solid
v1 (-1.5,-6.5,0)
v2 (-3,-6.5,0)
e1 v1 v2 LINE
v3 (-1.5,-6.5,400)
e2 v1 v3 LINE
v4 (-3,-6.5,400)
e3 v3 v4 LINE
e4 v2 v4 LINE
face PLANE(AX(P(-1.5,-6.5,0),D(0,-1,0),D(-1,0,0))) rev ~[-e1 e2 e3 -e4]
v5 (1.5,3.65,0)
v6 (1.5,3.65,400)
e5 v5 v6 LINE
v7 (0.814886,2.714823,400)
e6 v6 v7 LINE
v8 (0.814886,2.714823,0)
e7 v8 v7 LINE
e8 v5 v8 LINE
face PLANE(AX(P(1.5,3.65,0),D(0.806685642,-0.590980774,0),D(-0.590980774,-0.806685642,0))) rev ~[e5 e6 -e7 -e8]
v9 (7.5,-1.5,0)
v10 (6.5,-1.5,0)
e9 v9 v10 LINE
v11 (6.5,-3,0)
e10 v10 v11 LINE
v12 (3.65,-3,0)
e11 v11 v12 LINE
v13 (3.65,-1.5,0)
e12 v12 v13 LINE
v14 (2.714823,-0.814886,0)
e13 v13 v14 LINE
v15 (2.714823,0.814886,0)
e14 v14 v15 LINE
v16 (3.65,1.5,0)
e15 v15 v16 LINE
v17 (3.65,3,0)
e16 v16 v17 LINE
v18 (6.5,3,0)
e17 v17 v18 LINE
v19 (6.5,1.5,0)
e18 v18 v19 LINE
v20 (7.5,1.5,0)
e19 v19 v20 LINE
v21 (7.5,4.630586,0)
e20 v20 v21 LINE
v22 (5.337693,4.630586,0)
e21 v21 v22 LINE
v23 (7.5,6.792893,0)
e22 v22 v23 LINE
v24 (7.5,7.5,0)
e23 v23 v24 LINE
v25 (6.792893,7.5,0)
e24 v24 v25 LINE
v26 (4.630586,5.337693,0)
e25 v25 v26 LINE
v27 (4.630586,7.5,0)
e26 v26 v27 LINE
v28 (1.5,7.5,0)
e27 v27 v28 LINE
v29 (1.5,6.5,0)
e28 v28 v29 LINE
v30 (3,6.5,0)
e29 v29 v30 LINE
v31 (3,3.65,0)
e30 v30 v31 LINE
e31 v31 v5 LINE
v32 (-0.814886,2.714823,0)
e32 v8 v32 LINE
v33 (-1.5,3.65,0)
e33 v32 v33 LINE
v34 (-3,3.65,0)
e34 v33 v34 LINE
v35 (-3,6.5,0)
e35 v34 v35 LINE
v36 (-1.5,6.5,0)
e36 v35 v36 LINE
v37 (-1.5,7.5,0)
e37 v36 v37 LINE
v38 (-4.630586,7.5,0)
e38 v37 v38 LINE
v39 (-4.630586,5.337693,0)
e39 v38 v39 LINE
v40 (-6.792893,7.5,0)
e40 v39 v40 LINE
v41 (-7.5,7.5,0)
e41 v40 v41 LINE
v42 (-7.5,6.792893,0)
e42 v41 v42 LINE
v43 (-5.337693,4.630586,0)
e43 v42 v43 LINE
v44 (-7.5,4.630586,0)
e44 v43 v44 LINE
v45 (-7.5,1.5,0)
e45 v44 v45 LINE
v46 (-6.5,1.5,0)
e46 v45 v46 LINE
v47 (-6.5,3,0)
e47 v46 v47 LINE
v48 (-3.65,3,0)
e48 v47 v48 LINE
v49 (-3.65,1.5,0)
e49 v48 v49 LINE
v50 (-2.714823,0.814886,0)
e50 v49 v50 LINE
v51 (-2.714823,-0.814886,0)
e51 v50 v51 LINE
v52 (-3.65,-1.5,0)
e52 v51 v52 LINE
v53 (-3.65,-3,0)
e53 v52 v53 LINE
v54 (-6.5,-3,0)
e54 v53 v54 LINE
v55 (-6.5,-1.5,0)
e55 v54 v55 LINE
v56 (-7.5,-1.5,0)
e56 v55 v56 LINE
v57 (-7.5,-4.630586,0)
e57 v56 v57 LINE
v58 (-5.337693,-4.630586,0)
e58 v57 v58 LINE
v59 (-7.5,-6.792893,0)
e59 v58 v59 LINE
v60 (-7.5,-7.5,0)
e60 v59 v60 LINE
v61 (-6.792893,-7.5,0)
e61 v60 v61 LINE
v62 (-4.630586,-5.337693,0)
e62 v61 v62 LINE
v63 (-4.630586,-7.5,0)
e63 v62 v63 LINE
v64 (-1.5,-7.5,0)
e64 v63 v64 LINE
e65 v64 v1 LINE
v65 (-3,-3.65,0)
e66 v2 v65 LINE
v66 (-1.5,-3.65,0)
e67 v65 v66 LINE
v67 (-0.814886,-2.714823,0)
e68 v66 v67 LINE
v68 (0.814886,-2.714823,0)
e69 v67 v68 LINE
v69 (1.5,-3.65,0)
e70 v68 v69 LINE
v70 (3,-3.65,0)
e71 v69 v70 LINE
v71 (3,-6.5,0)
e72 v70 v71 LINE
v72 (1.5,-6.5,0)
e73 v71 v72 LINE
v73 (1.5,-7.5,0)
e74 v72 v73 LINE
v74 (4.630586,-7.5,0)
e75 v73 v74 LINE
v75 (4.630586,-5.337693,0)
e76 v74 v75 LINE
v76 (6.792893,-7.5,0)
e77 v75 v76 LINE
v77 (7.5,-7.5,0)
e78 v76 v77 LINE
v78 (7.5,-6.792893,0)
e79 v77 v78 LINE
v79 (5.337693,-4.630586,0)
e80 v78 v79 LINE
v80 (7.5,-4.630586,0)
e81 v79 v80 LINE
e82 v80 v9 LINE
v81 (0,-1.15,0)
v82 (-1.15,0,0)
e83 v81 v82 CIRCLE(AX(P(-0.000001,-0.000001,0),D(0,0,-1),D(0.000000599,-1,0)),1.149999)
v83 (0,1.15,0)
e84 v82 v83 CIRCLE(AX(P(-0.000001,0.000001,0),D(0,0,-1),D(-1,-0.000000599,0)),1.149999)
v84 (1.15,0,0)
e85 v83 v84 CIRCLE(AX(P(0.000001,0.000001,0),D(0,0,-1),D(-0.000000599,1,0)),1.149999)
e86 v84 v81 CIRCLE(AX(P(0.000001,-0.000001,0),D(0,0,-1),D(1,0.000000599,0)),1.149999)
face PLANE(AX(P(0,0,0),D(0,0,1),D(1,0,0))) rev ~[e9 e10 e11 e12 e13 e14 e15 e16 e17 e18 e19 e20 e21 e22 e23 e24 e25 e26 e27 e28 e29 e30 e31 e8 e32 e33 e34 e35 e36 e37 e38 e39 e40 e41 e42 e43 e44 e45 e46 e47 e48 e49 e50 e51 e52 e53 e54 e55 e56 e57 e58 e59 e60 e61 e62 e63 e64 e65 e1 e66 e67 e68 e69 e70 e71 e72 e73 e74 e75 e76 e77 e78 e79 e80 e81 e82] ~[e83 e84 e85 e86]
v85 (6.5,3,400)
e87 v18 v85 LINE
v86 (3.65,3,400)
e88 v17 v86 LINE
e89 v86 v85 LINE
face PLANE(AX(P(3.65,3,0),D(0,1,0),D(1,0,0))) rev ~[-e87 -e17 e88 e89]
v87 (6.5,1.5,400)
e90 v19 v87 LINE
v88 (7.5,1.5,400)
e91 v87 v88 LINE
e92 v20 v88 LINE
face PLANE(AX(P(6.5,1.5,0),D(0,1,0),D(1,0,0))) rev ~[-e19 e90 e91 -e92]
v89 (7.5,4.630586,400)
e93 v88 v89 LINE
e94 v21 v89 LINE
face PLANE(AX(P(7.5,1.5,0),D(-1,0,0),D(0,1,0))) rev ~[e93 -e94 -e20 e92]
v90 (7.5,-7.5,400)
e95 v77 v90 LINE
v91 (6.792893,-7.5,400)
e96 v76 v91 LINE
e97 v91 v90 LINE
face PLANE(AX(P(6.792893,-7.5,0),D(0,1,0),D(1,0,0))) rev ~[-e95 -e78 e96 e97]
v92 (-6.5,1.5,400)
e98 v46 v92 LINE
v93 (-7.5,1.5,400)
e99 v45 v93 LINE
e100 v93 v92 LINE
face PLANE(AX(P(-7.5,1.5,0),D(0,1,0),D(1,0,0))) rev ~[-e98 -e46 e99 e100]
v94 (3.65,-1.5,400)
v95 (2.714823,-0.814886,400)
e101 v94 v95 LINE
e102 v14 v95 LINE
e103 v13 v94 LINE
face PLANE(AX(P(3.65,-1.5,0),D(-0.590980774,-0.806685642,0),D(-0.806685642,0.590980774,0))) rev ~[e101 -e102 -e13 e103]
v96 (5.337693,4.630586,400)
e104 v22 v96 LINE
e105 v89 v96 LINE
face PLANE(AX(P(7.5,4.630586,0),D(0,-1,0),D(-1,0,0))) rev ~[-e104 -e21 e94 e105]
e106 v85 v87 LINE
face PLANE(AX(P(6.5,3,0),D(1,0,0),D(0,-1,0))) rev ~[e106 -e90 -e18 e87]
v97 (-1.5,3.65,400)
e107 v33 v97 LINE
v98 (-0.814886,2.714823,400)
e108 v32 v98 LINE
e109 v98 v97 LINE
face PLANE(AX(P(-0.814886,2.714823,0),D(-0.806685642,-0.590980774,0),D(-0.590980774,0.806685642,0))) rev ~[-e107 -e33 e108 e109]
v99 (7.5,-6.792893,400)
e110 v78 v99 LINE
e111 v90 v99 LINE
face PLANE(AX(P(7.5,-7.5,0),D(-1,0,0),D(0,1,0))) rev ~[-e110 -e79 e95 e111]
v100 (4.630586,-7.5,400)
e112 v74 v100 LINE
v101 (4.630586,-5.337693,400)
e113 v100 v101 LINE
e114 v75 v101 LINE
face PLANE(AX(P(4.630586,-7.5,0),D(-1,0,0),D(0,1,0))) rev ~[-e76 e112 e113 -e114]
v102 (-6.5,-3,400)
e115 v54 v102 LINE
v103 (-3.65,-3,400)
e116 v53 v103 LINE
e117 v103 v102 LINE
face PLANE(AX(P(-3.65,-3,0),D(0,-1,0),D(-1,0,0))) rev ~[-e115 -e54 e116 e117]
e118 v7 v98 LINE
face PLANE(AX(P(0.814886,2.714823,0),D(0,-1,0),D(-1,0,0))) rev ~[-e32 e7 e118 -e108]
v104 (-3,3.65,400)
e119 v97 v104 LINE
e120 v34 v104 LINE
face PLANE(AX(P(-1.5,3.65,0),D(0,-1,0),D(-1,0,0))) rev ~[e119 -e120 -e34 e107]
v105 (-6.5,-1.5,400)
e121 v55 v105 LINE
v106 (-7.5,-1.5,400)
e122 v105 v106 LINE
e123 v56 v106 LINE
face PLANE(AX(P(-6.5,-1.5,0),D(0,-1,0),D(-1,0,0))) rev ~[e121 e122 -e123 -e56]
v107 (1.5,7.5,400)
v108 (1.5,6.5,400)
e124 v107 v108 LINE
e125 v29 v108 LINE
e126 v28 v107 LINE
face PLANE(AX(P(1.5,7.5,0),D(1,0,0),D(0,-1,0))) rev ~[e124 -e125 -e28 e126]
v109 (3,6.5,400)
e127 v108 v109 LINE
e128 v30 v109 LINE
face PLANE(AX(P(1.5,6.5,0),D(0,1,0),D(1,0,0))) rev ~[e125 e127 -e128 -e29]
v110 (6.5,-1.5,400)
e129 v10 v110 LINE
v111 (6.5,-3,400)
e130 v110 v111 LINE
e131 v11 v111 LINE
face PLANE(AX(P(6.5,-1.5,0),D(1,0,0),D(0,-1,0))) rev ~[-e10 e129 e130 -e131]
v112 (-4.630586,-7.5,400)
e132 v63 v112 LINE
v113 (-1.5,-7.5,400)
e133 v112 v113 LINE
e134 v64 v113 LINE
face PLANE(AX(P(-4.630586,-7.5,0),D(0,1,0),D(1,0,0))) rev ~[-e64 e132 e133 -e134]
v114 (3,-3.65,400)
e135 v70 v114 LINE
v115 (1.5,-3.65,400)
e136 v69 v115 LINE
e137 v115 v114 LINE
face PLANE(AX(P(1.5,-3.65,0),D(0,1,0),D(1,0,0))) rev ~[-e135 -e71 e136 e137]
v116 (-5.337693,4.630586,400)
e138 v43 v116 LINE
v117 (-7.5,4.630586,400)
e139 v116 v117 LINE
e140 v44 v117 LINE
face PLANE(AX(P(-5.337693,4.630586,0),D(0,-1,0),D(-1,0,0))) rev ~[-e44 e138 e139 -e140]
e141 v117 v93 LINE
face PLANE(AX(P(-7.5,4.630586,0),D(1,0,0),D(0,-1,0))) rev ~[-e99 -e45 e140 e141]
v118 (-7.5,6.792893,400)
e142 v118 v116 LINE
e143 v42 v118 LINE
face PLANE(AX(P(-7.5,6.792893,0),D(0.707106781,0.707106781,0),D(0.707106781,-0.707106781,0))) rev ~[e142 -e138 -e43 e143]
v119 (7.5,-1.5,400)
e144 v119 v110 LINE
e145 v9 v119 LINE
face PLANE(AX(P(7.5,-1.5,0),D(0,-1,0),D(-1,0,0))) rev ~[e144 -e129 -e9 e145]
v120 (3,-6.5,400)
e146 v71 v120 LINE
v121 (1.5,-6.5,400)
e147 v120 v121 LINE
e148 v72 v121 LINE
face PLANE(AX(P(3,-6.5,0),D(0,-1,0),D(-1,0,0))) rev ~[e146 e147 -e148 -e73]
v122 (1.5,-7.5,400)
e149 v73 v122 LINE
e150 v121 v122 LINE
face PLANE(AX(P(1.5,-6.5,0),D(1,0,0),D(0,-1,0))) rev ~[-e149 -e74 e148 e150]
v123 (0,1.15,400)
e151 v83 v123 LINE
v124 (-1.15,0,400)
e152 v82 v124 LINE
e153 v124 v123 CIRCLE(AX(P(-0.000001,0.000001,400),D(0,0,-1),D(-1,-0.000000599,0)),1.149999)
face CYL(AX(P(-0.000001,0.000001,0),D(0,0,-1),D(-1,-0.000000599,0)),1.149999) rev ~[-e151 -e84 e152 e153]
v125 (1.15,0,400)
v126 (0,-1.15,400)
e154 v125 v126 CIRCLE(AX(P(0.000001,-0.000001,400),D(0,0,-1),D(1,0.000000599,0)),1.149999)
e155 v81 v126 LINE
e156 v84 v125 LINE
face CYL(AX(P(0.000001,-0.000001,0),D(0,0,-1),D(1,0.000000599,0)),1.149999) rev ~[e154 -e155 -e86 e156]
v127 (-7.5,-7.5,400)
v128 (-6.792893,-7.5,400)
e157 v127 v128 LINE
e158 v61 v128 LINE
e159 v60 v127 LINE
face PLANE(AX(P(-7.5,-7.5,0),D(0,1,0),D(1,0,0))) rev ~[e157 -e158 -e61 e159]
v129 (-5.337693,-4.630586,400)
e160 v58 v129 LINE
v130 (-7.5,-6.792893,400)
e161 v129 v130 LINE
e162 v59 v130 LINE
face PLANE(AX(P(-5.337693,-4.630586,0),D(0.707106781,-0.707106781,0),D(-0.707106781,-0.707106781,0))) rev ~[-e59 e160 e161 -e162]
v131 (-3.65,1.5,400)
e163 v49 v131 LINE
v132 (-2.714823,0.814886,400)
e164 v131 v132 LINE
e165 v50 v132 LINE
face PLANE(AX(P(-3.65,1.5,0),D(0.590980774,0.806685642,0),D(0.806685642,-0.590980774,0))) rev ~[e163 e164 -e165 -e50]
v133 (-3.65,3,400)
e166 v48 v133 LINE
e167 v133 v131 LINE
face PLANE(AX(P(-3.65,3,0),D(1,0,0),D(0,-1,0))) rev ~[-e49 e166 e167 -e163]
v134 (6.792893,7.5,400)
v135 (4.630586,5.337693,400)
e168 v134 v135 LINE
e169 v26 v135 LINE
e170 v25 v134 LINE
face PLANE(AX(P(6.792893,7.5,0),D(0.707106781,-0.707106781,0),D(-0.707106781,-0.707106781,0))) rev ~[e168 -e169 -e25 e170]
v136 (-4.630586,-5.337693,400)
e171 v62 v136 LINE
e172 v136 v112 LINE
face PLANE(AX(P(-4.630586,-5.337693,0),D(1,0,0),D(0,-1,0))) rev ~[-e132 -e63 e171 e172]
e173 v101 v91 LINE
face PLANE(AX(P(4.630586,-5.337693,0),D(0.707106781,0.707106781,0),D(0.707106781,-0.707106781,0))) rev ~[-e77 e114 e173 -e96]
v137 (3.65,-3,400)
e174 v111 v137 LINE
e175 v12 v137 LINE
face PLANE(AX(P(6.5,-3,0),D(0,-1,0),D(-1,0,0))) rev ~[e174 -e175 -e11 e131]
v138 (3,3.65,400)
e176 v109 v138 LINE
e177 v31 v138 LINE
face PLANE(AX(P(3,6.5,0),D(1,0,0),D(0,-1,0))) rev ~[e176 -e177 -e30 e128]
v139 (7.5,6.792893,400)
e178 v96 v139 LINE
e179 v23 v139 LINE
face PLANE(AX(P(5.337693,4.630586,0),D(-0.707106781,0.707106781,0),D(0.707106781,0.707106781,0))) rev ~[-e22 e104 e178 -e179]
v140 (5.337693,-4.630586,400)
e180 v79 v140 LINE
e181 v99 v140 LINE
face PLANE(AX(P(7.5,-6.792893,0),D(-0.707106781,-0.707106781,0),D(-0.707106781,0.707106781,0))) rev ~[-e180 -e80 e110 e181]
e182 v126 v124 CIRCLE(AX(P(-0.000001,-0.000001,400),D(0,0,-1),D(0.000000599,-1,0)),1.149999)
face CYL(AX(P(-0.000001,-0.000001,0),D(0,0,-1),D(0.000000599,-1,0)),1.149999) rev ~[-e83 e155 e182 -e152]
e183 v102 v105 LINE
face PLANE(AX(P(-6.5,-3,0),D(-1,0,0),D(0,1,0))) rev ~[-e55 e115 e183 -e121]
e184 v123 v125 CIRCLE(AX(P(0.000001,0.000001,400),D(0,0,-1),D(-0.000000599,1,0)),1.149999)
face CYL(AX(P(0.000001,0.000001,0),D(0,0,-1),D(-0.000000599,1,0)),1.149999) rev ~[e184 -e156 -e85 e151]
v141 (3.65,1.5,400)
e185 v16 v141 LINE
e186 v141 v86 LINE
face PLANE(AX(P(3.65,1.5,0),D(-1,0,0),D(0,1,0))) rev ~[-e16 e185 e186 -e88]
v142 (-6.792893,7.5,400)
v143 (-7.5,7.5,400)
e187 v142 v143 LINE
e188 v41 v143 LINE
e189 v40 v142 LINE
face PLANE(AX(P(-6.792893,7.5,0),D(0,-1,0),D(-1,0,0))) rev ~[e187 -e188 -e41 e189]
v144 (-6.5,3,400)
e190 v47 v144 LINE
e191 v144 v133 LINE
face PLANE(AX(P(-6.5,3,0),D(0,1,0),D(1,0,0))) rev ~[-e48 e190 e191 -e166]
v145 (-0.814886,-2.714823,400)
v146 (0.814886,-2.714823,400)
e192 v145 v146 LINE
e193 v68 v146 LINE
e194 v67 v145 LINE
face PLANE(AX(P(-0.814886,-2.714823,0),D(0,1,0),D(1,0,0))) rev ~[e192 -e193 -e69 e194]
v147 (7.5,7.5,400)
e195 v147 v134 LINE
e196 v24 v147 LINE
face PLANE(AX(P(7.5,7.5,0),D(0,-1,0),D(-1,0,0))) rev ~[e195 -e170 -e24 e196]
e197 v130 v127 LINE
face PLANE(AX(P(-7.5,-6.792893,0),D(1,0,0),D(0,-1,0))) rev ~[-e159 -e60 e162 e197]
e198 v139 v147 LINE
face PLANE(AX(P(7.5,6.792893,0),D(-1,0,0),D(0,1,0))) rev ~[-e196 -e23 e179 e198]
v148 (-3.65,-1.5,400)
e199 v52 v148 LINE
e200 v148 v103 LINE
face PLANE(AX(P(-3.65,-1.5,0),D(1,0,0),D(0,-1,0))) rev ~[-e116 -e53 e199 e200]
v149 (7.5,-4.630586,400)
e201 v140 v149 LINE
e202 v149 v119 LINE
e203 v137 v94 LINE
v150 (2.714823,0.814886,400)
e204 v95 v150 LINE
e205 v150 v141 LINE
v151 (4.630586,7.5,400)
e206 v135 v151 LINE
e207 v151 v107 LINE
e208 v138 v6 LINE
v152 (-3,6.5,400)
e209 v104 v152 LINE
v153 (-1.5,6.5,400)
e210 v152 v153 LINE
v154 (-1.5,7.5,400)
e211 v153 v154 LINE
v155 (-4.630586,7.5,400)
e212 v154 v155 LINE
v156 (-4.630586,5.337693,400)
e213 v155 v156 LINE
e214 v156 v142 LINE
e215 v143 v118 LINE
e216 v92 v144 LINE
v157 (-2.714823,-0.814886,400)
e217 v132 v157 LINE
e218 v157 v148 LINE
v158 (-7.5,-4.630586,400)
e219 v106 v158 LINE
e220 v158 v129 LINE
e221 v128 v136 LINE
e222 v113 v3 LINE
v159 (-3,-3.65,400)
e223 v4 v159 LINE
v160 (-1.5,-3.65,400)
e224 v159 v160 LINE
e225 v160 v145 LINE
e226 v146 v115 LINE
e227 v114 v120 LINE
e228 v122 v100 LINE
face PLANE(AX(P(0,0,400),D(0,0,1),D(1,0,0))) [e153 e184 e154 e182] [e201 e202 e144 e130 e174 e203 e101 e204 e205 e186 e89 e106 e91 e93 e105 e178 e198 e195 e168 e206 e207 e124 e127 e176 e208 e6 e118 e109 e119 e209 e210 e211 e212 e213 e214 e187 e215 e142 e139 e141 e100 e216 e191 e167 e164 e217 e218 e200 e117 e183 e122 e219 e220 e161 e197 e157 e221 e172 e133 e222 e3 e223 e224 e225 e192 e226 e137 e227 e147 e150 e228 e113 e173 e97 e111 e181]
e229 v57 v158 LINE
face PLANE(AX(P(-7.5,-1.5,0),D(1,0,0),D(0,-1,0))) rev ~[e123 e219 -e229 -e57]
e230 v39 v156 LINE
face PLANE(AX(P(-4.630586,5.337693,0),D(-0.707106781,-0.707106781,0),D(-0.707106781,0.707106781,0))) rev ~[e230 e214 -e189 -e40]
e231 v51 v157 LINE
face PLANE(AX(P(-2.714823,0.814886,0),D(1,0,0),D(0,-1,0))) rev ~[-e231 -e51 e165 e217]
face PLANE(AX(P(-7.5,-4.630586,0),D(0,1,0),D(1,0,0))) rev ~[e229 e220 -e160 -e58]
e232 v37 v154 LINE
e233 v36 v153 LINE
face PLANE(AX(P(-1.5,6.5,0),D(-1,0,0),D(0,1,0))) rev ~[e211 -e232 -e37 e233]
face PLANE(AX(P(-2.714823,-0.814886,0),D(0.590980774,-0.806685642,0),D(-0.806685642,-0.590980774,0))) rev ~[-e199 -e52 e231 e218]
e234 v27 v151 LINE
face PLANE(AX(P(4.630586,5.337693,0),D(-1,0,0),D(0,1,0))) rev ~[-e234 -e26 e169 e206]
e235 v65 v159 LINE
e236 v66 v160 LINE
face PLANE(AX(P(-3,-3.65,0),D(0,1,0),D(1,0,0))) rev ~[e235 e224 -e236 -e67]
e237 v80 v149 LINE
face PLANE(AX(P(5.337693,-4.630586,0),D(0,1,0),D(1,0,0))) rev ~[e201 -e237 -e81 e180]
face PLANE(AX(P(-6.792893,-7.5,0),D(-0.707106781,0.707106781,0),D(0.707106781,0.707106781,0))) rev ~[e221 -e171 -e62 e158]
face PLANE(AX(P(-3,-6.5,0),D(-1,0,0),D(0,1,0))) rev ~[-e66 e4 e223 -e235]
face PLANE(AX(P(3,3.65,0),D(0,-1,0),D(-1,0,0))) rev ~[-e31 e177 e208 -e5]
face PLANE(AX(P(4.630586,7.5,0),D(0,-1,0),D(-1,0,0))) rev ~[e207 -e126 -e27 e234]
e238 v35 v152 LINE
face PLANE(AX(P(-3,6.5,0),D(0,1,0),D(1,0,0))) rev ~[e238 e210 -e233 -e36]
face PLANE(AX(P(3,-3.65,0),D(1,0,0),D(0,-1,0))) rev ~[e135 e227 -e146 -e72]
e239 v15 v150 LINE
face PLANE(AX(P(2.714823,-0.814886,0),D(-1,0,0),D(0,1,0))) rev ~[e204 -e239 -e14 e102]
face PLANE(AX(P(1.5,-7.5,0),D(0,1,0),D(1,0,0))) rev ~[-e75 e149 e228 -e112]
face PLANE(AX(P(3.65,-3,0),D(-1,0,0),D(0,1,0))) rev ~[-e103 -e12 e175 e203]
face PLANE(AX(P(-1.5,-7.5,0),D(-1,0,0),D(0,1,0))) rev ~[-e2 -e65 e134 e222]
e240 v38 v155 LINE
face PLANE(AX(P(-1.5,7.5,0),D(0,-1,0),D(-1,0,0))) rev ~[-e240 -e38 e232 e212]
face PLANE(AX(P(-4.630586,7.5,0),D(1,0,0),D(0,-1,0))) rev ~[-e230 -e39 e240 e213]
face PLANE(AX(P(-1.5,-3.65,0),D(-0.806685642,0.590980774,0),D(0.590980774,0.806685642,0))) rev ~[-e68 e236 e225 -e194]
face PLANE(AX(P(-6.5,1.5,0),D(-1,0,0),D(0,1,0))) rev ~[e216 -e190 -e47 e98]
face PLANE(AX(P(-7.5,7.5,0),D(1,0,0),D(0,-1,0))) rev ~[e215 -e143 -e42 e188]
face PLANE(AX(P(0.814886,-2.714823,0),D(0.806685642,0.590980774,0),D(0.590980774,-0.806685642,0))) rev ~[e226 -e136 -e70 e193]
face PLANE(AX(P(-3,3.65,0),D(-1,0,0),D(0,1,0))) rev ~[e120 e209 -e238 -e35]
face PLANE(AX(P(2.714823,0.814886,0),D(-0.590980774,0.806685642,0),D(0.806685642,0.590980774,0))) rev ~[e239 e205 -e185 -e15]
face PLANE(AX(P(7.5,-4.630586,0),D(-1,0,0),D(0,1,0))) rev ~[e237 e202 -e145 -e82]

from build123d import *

# Parameters (mm, degrees)
F1_DEPTH = 400


with BuildPart() as f1:
    # F0 (on Top) → F1 (new body)
    with BuildSketch(Plane.XY):
        Polygon((-7.5, 4.630586), (-7.5, 1.5), (-6.5, 1.5), (-6.5, 3), (-3.65, 3), (-3.65, 1.5), (-2.714823, 0.814886), (-2.714823, 0), (-2.714823, -0.814886), (-3.65, -1.5), (-3.65, -3), (-6.5, -3), (-6.5, -1.5), (-7.5, -1.5), (-7.5, -4.630586), (-5.337693, -4.630586), (-7.5, -6.792893), (-7.5, -7.5), (-6.792893, -7.5), (-4.630586, -5.337693), (-4.630586, -7.5), (-1.5, -7.5), (-1.5, -6.5), (-3, -6.5), (-3, -3.65), (-1.5, -3.65), (-0.814886, -2.714823), (0, -2.714823), (0.814886, -2.714823), (1.5, -3.65), (3, -3.65), (3, -6.5), (1.5, -6.5), (1.5, -7.5), (4.630586, -7.5), (4.630586, -5.337693), (6.792893, -7.5), (7.5, -7.5), (7.5, -6.792893), (5.337693, -4.630586), (7.5, -4.630586), (7.5, -1.5), (6.5, -1.5), (6.5, -3), (3.65, -3), (3.65, -1.5), (2.714823, -0.814886), (2.714823, 0), (2.714823, 0.814886), (3.65, 1.5), (3.65, 3), (6.5, 3), (6.5, 1.5), (7.5, 1.5), (7.5, 4.630586), (5.337693, 4.630586), (7.5, 6.792893), (7.5, 7.5), (6.792893, 7.5), (4.630586, 5.337693), (4.630586, 7.5), (1.5, 7.5), (1.5, 6.5), (3, 6.5), (3, 3.65), (1.5, 3.65), (0.814886, 2.714823), (0, 2.714823), (-0.814886, 2.714823), (-1.5, 3.65), (-3, 3.65), (-3, 6.5), (-1.5, 6.5), (-1.5, 7.5), (-4.630586, 7.5), (-4.630586, 5.337693), (-6.792893, 7.5), (-7.5, 7.5), (-7.5, 6.792893), (-5.337693, 4.630586), align=None)
        with BuildLine():
            ThreePointArc((-1.15, 0), (-0.813173, 0.813173), (0, 1.15))
            ThreePointArc((0, 1.15), (0.813173, 0.813173), (1.15, 0))
            ThreePointArc((1.15, 0), (0.813173, -0.813173), (0, -1.15))
            ThreePointArc((0, -1.15), (-0.813173, -0.813173), (-1.15, 0))
        make_face(mode=Mode.SUBTRACT)
    extrude(amount=F1_DEPTH)


solid = f1.part
